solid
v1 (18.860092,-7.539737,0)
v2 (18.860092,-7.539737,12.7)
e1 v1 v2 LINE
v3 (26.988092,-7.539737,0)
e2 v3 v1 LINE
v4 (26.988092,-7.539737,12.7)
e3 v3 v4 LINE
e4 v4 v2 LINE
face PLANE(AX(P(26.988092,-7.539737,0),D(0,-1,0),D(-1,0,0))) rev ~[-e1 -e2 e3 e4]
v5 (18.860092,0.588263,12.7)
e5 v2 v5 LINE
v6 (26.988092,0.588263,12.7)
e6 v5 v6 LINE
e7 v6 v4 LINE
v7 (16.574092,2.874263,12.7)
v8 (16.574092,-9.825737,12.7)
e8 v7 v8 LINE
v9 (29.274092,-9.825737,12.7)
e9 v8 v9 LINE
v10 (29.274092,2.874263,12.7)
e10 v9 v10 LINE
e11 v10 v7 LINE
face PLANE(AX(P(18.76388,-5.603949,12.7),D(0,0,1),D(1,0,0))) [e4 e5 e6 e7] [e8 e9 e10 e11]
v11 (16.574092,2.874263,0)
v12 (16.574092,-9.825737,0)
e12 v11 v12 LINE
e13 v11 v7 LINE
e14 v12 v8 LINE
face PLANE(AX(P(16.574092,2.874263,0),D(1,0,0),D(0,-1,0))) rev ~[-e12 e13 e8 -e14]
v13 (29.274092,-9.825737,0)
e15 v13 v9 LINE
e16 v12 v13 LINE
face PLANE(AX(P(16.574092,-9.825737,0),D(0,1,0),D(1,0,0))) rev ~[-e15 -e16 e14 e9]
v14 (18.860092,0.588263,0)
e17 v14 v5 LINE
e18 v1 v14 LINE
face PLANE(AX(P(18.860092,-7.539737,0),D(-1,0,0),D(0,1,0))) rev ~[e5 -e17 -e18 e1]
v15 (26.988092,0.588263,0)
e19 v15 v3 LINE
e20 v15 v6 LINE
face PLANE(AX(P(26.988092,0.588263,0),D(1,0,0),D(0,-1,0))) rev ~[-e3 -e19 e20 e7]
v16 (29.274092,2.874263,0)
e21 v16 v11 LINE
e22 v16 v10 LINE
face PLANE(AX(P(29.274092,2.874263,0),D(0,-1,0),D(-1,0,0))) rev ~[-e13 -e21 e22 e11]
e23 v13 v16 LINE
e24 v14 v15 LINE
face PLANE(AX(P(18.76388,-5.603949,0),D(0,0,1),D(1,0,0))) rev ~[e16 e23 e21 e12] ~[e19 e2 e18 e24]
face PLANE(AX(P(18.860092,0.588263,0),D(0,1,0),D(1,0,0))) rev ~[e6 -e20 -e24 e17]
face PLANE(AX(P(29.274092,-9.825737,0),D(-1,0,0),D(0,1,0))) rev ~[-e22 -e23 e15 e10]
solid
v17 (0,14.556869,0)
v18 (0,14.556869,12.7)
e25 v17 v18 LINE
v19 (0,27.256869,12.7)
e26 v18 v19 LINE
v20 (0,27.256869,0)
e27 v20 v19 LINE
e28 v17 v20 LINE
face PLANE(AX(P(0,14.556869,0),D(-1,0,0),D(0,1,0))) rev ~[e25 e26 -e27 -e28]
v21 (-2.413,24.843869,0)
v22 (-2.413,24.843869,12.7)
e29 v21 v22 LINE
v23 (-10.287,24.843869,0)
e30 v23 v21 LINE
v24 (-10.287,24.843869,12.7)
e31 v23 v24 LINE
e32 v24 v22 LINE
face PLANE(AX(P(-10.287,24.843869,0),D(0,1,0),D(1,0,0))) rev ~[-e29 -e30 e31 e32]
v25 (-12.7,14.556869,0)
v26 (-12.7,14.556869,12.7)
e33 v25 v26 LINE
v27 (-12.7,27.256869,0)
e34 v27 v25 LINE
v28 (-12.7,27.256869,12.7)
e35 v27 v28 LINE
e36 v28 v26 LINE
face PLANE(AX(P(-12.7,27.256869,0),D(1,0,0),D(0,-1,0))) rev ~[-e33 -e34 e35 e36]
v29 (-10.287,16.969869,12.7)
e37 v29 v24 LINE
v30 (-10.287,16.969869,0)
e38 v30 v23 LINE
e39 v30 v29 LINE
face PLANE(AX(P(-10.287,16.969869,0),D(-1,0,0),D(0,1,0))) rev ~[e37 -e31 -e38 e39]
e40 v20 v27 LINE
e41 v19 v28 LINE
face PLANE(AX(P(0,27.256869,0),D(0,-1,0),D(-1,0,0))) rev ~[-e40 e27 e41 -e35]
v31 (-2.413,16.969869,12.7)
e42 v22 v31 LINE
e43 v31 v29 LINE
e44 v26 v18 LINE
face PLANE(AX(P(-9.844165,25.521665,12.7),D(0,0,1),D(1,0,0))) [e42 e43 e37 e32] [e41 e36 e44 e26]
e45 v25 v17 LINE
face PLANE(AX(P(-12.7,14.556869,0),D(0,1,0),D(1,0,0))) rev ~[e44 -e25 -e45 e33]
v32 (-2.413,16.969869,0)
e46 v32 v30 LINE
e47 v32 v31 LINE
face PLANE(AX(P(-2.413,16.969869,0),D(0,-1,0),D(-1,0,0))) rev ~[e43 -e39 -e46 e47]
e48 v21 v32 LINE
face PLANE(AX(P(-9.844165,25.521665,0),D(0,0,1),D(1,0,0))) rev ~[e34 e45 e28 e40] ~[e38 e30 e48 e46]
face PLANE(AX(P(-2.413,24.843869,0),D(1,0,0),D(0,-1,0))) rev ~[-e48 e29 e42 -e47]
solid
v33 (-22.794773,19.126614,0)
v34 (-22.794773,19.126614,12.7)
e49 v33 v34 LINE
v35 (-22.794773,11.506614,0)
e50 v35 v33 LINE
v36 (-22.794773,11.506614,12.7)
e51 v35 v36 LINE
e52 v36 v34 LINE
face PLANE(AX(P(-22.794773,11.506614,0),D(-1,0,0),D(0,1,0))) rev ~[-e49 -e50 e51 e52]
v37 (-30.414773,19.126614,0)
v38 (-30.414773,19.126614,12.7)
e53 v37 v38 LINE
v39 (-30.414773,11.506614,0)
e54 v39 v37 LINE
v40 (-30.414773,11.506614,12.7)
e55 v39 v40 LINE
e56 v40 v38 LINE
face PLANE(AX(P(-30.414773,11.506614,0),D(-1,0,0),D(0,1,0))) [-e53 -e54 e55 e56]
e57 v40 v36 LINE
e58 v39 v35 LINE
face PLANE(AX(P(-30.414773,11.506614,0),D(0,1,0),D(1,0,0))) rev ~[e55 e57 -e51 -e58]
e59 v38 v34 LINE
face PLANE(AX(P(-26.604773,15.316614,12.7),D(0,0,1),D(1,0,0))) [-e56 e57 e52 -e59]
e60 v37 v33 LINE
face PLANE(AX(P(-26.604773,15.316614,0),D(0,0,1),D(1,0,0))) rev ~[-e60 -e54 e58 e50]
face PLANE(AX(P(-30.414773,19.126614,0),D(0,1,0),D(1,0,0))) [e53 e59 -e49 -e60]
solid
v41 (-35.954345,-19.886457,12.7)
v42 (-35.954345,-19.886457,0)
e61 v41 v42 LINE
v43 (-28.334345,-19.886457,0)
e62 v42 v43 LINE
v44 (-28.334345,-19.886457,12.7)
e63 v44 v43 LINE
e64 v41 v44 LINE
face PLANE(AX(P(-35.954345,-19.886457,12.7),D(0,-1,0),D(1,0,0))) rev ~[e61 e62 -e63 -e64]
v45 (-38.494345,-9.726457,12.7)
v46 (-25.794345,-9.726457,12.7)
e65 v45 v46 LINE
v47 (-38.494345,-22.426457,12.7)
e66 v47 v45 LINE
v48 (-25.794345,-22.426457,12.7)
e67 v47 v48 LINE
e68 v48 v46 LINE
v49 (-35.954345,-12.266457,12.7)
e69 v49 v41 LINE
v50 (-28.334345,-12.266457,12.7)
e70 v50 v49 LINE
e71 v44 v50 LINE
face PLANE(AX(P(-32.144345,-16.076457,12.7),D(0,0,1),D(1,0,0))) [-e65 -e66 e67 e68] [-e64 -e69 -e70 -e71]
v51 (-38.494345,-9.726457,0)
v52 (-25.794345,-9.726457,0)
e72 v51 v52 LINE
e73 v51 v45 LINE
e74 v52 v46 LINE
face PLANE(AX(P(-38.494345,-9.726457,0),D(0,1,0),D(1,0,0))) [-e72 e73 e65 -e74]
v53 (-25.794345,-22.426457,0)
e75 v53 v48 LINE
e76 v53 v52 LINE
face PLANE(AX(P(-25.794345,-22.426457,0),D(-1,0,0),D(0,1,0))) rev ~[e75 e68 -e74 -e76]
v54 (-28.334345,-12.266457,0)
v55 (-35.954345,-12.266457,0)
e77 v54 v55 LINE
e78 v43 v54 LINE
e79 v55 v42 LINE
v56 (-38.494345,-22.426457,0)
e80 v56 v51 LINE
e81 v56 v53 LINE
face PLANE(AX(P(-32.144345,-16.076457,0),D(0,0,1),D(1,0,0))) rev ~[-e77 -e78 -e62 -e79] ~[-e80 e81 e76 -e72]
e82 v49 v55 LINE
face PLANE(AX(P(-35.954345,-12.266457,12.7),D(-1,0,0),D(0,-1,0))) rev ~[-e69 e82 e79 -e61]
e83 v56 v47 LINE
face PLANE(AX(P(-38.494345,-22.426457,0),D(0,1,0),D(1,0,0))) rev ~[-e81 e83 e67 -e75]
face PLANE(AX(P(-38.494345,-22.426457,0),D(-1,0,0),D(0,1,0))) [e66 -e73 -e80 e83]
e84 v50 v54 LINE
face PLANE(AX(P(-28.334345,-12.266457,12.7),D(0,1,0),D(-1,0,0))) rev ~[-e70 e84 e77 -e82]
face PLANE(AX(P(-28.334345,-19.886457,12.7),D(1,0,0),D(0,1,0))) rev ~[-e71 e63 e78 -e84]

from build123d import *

# Parameters (mm, degrees)
F0_W      = 12.7
F0_H      = 12.7
F1_DEPTH  = 12.7
F3_DEPTH  = 25.4
F5_DEPTH  = 12.7
F6_DEPTH  = 12.7
F7_W      = 7.62
F7_H      = 7.62
F8_DEPTH  = 12.7
F10_DEPTH = 12.7


with BuildPart() as f1:
    # F0 (on Top) → F1 (new body)
    with BuildSketch(Plane.XY):
        with Locations((-32.144345, -16.076457)):
            Rectangle(F0_W, F0_H)
    extrude(amount=F1_DEPTH)

    # F2 (on face) → F3 (cut)
    with BuildSketch(Plane.XY.offset(12.7)):
        Polygon((-28.334345, -19.886457), (-28.334345, -16.076457), (-28.334345, -12.266457), (-32.144345, -12.266457), (-35.954345, -12.266457), (-35.954345, -16.076457), (-35.954345, -19.886457), (-32.144345, -19.886457), align=None)
    extrude(amount=-F3_DEPTH, mode=Mode.SUBTRACT)


with BuildPart() as f5:
    # F4 (on Top) → F5 (new body)
    with BuildSketch(Plane.XY):
        Polygon((16.574092, 0.588263), (16.574092, -9.825737), (22.924092, -9.825737), (22.924092, -7.539737), (18.860092, -7.539737), (18.860092, -3.475737), (18.860092, 0.588263), align=None)
        Polygon((22.924092, -7.539737), (22.924092, -9.825737), (29.274092, -9.825737), (29.274092, -3.475737), (26.988092, -3.475737), (26.988092, -7.539737), align=None)
        Polygon((16.574092, 2.874263), (16.574092, 0.588263), (18.860092, 0.588263), (21.67373, 0.588263), (21.67373, 2.874263), align=None)
        Polygon((26.988092, -3.475737), (29.274092, -3.475737), (29.274092, 2.874263), (21.67373, 2.874263), (21.67373, 0.588263), (26.988092, 0.588263), align=None)
    extrude(amount=F5_DEPTH)

    # F4 (on Top) → F6 (join)
    with BuildSketch(Plane.XY):
        Polygon((16.574092, 0.588263), (16.574092, -9.825737), (22.924092, -9.825737), (22.924092, -7.539737), (18.860092, -7.539737), (18.860092, -3.475737), (18.860092, 0.588263), align=None)
        Polygon((22.924092, -7.539737), (22.924092, -9.825737), (29.274092, -9.825737), (29.274092, -3.475737), (26.988092, -3.475737), (26.988092, -7.539737), align=None)
        Polygon((16.574092, 2.874263), (16.574092, 0.588263), (18.860092, 0.588263), (21.67373, 0.588263), (21.67373, 2.874263), align=None)
        Polygon((26.988092, -3.475737), (29.274092, -3.475737), (29.274092, 2.874263), (21.67373, 2.874263), (21.67373, 0.588263), (26.988092, 0.588263), align=None)
    extrude(amount=F6_DEPTH)


with BuildPart() as f8:
    # F7 (on Top) → F8 (new body)
    with BuildSketch(Plane.XY):
        with Locations((-26.604773, 15.316614)):
            Rectangle(F7_W, F7_H)
    extrude(amount=F8_DEPTH)


with BuildPart() as f10:
    # F9 (on Top) → F10 (new body)
    with BuildSketch(Plane.XY):
        Polygon((-6.35, 27.256869), (-12.7, 27.256869), (-12.7, 23.148131), (-10.287, 23.148131), (-10.287, 24.843869), (-6.35, 24.843869), align=None)
        Polygon((0, 27.256869), (-6.35, 27.256869), (-6.35, 24.843869), (-2.413, 24.843869), (-2.413, 21.997252), (0, 21.997252), align=None)
        Polygon((0, 14.556869), (0, 21.997252), (-2.413, 21.997252), (-2.413, 16.969869), (-7.789327, 16.969869), (-7.789327, 14.556869), align=None)
        Polygon((-10.287, 23.148131), (-12.7, 23.148131), (-12.7, 14.556869), (-7.789327, 14.556869), (-7.789327, 16.969869), (-10.287, 16.969869), align=None)
    extrude(amount=F10_DEPTH)


solid = Compound([f1.part, f5.part, f8.part, f10.part])
